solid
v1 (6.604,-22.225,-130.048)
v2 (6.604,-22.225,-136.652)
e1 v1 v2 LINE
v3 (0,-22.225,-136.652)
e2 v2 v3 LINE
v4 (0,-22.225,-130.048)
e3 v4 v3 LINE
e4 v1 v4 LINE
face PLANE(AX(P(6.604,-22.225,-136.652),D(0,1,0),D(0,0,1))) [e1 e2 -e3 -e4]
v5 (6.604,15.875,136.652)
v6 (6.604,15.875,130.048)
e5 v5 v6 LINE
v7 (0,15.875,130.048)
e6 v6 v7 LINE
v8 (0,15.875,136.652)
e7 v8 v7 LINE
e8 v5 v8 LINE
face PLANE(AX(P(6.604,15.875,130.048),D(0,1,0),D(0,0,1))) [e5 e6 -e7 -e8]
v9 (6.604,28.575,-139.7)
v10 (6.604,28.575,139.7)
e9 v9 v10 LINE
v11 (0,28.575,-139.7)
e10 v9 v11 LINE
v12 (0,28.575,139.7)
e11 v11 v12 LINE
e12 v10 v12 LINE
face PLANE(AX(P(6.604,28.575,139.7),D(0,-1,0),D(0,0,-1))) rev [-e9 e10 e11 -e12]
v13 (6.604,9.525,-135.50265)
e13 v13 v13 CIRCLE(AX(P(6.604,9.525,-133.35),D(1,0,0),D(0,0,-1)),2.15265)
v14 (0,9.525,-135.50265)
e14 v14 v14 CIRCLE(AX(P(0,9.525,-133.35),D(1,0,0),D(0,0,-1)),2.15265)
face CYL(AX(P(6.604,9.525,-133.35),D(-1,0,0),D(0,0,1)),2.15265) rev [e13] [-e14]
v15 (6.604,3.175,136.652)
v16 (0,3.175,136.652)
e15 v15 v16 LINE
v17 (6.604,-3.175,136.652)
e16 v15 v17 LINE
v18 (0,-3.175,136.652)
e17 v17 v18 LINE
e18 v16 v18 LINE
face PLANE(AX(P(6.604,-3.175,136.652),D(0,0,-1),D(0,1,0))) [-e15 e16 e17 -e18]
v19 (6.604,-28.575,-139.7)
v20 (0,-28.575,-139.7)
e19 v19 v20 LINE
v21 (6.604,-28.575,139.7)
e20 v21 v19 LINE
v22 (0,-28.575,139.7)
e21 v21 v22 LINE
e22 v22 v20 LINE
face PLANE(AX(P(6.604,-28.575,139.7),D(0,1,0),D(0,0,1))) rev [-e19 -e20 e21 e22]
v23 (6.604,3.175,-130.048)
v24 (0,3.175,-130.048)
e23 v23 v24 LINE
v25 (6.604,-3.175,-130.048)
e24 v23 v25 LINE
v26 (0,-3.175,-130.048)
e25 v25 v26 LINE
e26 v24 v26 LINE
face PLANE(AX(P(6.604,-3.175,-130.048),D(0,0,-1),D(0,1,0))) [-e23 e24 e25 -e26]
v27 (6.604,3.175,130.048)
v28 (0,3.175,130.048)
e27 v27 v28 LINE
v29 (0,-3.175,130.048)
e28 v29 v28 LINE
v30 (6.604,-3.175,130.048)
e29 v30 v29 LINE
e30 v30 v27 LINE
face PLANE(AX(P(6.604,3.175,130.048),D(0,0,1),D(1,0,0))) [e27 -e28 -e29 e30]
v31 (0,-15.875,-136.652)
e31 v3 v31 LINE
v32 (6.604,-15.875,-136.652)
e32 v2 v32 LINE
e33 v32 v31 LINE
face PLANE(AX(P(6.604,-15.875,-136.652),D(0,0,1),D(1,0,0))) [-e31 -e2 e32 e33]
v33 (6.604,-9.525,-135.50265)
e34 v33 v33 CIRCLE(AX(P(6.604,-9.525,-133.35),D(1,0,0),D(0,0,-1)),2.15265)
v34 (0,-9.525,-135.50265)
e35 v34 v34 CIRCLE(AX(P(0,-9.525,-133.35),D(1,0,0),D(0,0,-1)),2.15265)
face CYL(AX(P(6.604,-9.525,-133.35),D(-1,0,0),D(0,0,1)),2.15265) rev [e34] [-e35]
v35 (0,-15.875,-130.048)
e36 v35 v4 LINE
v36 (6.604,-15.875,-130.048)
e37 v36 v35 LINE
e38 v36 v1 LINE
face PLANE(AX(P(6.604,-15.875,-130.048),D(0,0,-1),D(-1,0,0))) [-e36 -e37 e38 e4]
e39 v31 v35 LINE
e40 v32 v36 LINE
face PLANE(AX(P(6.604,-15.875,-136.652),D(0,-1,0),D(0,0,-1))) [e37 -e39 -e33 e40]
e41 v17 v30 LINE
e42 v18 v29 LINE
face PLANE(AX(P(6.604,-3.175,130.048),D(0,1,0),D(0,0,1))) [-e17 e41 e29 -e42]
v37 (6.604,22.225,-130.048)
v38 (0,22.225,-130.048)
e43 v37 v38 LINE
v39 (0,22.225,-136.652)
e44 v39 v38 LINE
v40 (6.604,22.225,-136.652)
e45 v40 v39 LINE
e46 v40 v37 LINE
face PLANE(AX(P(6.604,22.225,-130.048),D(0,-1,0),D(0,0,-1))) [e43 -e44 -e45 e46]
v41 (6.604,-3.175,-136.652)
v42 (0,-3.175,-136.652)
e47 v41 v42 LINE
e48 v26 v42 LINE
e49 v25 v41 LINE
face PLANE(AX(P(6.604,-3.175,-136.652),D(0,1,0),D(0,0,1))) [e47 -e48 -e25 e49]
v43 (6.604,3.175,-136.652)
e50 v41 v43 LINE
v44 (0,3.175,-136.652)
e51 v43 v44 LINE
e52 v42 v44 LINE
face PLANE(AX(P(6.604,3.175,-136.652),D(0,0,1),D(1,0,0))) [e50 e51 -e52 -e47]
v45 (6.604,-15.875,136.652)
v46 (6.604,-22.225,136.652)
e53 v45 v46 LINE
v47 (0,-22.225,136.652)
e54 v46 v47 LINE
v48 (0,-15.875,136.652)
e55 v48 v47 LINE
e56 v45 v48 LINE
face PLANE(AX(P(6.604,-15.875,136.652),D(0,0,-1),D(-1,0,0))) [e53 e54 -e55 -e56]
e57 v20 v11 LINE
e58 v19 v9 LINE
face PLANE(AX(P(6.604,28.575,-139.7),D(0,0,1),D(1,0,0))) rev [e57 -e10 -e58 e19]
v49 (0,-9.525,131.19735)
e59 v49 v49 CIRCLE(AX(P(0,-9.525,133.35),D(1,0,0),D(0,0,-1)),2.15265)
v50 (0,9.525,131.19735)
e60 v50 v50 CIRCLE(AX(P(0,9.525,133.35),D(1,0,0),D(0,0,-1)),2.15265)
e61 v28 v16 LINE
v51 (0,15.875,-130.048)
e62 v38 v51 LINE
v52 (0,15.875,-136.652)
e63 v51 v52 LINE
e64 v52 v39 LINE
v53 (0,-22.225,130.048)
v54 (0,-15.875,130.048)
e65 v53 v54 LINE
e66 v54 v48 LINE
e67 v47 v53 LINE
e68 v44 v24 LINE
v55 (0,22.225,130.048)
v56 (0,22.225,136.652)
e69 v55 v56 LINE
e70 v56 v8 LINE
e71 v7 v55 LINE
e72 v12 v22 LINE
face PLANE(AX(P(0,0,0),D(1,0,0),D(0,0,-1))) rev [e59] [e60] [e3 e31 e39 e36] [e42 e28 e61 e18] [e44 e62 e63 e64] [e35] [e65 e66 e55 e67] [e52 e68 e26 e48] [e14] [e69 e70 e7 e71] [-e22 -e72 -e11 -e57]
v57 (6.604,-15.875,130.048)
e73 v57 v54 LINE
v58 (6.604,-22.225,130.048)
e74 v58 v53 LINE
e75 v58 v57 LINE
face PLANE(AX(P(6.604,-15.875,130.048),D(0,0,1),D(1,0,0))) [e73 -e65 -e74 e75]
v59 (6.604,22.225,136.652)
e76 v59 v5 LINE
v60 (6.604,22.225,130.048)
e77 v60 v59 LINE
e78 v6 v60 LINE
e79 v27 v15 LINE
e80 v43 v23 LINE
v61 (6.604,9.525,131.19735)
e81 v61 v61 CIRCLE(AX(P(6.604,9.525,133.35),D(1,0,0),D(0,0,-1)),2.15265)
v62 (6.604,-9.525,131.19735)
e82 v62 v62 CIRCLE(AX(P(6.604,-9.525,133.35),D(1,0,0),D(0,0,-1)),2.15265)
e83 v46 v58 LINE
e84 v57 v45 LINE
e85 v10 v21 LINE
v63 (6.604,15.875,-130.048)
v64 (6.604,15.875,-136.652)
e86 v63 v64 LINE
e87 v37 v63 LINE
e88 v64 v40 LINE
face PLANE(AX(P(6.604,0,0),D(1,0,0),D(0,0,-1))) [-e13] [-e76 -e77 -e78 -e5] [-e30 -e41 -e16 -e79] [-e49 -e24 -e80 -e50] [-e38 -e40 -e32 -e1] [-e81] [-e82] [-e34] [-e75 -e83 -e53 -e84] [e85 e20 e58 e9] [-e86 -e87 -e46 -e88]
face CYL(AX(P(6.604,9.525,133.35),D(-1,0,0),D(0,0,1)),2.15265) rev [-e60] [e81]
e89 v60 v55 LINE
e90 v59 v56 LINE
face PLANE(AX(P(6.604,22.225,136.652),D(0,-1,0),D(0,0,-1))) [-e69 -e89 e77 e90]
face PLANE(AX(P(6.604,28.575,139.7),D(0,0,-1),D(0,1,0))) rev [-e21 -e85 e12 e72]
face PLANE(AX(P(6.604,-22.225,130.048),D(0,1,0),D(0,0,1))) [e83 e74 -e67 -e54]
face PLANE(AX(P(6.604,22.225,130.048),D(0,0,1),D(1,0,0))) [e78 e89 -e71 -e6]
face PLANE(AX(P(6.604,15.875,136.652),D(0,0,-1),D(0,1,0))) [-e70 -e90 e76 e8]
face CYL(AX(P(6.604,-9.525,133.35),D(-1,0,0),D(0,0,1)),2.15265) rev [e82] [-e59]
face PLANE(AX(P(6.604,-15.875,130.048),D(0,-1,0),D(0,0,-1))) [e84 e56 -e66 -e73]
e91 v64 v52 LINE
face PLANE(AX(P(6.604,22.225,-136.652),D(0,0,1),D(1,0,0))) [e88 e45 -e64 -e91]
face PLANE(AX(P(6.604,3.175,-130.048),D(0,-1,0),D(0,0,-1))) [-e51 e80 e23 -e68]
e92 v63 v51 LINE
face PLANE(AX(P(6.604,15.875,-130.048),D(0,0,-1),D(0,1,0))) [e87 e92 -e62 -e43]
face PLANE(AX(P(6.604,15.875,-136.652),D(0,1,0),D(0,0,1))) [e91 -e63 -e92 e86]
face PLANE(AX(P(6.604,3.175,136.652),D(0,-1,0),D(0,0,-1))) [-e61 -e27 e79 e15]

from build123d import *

# Parameters (mm, degrees)
SKETCH1_W           = 279.4
SKETCH1_H           = 57.15
SKETCH1_R           = 2.15265
SKETCH1_W_2         = 6.604
SKETCH1_H_2         = 6.35
BOSS_EXTRUDE1_DEPTH = 6.604


with BuildPart() as part:
    # Sketch1 → Boss-Extrude1 (new body)
    with BuildSketch(Plane(origin=(0, 0, 0), x_dir=(0, 0, -1), z_dir=(1, 0, 0))):
        Rectangle(SKETCH1_W, SKETCH1_H)
        with Locations((-133.35, 9.525)):
            Circle(SKETCH1_R, mode=Mode.SUBTRACT)
        with Locations((-133.35, -9.525)):
            Circle(SKETCH1_R, mode=Mode.SUBTRACT)
        with Locations((133.35, 9.525)):
            Circle(SKETCH1_R, mode=Mode.SUBTRACT)
        with Locations((133.35, -9.525)):
            Circle(SKETCH1_R, mode=Mode.SUBTRACT)
        with Locations((-133.35, 0)):
            Rectangle(SKETCH1_W_2, SKETCH1_H_2, mode=Mode.SUBTRACT)
        with Locations((-133.35, 19.05)):
            Rectangle(SKETCH1_W_2, SKETCH1_H_2, mode=Mode.SUBTRACT)
        with Locations((-133.35, -19.05)):
            Rectangle(SKETCH1_W_2, SKETCH1_H_2, mode=Mode.SUBTRACT)
        with Locations((133.35, 0)):
            Rectangle(SKETCH1_W_2, SKETCH1_H_2, mode=Mode.SUBTRACT)
        with Locations((133.35, 19.05)):
            Rectangle(SKETCH1_W_2, SKETCH1_H_2, mode=Mode.SUBTRACT)
        with Locations((133.35, -19.05)):
            Rectangle(SKETCH1_W_2, SKETCH1_H_2, mode=Mode.SUBTRACT)
    extrude(amount=BOSS_EXTRUDE1_DEPTH)


solid = part.part
